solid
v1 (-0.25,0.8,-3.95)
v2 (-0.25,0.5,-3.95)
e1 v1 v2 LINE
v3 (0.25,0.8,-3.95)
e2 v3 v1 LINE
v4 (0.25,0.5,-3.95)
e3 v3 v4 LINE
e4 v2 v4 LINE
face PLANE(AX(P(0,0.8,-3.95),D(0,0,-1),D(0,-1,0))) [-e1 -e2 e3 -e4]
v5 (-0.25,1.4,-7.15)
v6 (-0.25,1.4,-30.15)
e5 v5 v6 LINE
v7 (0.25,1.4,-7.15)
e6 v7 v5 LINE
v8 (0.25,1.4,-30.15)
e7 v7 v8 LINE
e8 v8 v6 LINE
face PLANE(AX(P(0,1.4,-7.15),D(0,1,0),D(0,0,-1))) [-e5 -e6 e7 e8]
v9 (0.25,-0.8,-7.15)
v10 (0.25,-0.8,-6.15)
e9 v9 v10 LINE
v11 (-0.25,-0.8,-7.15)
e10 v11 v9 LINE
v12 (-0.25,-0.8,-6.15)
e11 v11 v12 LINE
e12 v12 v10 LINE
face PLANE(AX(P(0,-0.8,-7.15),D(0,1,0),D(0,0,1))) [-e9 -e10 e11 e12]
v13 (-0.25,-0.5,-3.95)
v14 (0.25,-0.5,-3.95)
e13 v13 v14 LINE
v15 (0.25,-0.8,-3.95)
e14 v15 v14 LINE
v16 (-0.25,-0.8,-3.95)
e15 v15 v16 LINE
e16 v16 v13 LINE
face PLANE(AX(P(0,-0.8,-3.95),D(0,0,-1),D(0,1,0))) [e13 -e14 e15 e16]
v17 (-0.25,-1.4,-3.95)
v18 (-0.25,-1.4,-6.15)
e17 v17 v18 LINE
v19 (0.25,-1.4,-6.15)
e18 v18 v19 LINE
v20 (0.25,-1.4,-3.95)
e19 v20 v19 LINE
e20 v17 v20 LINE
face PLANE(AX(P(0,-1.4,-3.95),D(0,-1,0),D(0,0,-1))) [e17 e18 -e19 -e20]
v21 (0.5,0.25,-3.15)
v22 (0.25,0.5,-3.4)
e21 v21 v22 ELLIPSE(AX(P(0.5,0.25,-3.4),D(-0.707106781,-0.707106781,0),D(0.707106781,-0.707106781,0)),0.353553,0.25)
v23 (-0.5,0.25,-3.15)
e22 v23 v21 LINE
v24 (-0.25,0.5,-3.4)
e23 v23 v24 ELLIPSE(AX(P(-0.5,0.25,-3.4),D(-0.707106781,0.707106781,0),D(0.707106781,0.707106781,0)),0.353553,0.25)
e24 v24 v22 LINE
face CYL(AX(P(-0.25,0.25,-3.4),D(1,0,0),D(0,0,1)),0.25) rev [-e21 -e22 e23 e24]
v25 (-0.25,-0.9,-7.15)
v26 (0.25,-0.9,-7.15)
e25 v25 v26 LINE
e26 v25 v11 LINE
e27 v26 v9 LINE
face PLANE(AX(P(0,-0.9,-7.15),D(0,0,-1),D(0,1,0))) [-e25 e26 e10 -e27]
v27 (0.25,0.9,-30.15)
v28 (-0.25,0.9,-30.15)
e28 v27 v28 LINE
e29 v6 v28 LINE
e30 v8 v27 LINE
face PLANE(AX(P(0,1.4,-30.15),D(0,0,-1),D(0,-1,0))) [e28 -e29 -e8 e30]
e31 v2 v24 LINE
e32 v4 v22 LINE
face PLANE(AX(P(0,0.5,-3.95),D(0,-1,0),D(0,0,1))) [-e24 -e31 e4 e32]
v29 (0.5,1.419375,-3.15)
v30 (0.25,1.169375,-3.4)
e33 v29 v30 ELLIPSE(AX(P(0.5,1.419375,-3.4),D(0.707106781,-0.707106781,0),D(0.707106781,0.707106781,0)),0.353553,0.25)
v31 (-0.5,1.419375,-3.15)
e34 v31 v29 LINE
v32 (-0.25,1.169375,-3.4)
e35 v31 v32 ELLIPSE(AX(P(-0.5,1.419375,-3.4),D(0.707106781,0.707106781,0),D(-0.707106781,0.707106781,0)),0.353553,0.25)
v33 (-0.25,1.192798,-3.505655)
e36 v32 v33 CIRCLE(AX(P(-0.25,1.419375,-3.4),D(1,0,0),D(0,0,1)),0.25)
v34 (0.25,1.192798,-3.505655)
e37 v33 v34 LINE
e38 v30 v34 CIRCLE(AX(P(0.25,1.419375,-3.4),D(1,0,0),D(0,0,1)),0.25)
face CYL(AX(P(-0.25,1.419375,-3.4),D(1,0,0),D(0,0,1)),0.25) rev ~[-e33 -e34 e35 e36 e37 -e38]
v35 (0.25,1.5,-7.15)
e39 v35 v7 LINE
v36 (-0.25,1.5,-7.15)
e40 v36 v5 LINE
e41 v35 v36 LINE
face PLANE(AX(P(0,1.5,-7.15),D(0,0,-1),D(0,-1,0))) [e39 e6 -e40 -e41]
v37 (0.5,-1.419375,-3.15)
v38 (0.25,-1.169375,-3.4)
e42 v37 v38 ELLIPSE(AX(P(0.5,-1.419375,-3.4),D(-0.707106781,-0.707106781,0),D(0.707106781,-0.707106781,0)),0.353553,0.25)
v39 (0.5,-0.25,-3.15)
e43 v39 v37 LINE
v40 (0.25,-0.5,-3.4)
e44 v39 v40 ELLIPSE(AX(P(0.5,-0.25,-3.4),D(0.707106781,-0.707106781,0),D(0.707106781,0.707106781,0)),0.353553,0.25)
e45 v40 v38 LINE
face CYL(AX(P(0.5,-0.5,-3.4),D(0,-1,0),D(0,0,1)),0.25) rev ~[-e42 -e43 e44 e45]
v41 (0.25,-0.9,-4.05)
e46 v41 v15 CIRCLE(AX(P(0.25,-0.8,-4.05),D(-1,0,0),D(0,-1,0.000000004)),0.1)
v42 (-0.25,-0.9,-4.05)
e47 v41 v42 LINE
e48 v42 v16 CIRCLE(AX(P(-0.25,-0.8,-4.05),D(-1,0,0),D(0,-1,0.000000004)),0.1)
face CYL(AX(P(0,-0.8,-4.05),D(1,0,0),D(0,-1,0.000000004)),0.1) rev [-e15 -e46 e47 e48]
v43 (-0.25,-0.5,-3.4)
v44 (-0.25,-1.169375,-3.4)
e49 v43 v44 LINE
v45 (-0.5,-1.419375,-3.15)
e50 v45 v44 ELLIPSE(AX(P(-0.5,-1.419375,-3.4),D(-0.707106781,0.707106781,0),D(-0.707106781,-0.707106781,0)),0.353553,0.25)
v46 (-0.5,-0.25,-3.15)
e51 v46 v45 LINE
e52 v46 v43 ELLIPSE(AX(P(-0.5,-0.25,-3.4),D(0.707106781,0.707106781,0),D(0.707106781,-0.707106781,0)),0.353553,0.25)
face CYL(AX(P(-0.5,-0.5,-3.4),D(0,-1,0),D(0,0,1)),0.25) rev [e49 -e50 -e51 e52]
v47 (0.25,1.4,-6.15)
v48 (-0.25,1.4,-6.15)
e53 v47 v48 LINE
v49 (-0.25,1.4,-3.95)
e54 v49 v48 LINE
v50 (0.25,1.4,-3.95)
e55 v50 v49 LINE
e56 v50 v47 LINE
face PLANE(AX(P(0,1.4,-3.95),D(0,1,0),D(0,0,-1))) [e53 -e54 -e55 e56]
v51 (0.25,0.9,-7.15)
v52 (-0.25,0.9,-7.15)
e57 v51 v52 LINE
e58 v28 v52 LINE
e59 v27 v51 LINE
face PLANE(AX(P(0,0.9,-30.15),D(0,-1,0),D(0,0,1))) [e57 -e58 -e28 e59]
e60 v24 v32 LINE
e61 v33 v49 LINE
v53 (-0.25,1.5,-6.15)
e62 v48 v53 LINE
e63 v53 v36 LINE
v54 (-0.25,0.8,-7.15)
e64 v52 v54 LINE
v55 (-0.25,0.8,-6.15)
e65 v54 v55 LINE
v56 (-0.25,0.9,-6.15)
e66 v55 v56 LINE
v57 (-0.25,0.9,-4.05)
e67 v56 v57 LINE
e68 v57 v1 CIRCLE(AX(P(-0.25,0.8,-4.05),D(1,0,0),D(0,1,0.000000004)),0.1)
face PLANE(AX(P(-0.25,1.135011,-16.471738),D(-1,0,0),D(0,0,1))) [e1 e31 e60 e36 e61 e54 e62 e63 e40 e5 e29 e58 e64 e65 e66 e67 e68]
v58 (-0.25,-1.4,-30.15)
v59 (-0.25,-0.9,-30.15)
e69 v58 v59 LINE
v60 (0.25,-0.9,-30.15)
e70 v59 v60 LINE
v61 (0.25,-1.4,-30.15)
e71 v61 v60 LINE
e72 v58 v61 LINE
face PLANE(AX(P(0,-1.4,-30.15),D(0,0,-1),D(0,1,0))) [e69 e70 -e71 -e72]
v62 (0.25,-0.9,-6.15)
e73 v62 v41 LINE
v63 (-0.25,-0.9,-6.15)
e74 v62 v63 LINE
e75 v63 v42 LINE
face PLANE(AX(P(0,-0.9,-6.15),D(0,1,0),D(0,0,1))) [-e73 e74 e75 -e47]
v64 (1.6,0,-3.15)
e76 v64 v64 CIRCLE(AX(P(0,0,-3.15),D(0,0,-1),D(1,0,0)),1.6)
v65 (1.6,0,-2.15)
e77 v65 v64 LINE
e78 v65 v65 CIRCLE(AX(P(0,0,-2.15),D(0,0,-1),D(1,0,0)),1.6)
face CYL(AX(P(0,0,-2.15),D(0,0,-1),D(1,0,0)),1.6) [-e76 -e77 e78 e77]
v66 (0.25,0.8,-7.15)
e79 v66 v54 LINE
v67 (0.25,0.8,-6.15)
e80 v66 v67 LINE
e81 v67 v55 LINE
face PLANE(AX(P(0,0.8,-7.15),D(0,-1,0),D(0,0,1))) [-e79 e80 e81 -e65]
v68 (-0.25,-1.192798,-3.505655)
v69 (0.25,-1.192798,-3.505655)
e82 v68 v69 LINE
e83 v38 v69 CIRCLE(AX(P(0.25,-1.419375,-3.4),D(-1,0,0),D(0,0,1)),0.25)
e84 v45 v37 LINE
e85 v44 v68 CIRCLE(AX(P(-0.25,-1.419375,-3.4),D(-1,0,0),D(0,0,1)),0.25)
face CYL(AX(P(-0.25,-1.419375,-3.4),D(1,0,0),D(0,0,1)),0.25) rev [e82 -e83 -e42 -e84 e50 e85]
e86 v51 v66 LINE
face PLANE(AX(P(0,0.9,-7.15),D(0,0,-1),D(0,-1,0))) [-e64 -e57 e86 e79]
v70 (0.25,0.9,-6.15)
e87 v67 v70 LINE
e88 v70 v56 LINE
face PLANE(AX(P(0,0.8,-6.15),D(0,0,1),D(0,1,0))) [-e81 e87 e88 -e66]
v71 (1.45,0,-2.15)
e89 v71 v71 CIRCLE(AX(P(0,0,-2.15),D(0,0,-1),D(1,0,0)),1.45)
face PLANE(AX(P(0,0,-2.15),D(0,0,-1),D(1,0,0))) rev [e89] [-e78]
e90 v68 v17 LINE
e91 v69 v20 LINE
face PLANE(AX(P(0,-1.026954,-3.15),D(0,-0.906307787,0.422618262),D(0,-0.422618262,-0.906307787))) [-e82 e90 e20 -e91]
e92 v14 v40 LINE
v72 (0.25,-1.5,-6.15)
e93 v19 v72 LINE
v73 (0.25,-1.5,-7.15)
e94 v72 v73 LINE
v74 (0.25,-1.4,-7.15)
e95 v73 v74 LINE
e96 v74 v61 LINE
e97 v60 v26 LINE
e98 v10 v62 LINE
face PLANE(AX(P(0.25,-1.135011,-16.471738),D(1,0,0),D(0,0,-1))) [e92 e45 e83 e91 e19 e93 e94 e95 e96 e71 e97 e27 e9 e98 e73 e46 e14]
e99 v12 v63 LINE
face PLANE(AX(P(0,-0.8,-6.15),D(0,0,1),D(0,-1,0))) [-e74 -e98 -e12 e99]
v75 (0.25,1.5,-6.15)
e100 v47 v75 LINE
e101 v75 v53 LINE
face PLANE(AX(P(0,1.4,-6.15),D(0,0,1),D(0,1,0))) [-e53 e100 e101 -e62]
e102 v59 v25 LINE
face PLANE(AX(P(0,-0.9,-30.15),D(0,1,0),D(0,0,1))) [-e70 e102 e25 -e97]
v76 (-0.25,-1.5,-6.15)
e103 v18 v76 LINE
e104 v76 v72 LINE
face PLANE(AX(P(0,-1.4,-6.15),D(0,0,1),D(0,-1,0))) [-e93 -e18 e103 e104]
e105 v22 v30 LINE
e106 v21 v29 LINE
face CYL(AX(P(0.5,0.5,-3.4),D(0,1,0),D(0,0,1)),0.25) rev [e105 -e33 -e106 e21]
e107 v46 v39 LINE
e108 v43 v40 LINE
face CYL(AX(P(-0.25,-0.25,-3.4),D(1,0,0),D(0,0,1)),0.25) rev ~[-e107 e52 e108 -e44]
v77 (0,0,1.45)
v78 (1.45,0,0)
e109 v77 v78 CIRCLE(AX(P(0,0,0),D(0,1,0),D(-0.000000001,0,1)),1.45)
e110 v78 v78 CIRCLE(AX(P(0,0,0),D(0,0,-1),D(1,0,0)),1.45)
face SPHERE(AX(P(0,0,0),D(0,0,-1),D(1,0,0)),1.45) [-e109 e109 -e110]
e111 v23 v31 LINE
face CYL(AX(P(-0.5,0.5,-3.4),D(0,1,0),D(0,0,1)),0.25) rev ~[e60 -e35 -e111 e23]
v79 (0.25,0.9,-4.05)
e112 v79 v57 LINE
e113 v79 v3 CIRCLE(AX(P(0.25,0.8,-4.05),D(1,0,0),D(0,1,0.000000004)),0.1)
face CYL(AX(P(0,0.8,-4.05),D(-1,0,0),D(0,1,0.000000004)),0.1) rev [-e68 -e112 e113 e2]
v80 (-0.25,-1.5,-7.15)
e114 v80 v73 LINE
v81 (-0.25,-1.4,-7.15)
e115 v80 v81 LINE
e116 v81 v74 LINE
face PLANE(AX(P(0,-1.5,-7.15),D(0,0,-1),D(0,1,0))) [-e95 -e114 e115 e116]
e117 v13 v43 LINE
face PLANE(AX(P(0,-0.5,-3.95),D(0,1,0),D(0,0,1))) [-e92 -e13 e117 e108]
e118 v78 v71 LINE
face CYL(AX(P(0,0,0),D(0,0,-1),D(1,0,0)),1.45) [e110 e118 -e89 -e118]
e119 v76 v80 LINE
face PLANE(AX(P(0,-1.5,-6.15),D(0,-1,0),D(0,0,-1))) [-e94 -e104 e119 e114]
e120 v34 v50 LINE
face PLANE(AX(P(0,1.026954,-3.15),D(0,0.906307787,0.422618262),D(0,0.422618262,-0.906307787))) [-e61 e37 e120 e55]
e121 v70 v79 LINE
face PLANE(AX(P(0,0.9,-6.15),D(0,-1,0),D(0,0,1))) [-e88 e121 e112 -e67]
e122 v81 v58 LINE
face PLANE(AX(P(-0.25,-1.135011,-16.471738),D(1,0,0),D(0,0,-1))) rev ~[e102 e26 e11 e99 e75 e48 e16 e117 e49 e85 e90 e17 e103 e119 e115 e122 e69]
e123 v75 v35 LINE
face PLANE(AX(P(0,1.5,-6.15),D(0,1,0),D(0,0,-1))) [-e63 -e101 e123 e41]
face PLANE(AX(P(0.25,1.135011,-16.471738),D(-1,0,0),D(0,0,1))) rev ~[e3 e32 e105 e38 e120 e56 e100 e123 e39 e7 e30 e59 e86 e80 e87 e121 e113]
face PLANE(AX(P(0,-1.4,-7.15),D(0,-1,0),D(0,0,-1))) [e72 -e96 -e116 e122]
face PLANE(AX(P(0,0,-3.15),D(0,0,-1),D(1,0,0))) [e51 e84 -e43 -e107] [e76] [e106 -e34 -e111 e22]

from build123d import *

# Parameters (mm, degrees)
EXTRUDE1_DEPTH = 0.25
FILLET1_R      = 0.25


with BuildPart() as part:
    # Sketch1 → Revolve1 (revolve)
    with BuildSketch(Plane(origin=(0, 0, 0), x_dir=(0, 0, -1), z_dir=(1, 0, 0)), mode=Mode.PRIVATE) as revolve1_sk:
        with BuildLine():
            Line((0, 1.45), (2.15, 1.45))
            Line((2.15, 1.45), (2.15, 1.599999975))
            Line((2.15, 1.599999975), (3.15, 1.599999975))
            Line((3.15, 1.599999975), (3.15, 0))
            Line((3.15, 0), (-1.45, 0))
            ThreePointArc((-1.45, 0), (-1.025304833, 1.025304833), (0, 1.45))
        make_face()
    revolve(revolve1_sk.sketch.rotate(Axis((0, 0, 0), (0, 0, -1)), 90), axis=Axis((0, 0, 0), (0, 0, -1)))

    # Sketch2 → Extrude1 (add, symmetric)
    with BuildSketch(Plane(origin=(0, 0, 0), x_dir=(0, 0, -1), z_dir=(1, 0, 0))):
        with BuildLine():
            Line((3.15, 1.026953873), (3.95, 1.4))
            Line((3.95, 1.4), (6.15, 1.4))
            Line((6.15, 1.4), (6.15, 1.5))
            Line((6.15, 1.5), (7.15, 1.5))
            Line((7.15, 1.5), (7.15, 1.4))
            Line((7.15, 1.4), (30.15, 1.4))
            Line((30.15, 1.4), (30.15, 0.9))
            Line((30.15, 0.9), (7.15, 0.9))
            Line((7.15, 0.9), (7.15, 0.8))
            Line((7.15, 0.8), (6.15, 0.8))
            Line((6.15, 0.8), (6.15, 0.9))
            Line((6.15, 0.9), (4.05, 0.9))
            ThreePointArc((4.05, 0.9), (3.979289322, 0.870710678), (3.95, 0.8))
            Line((3.95, 0.8), (3.95, 0.5))
            Line((3.95, 0.5), (3.15, 0.5))
            Line((3.15, 0.5), (3.15, 1.026953873))
        make_face()
        with BuildLine():
            Line((3.95, -0.8), (3.95, -0.5))
            Line((3.95, -0.5), (3.15, -0.5))
            Line((3.15, -0.5), (3.15, -1.026953873))
            Line((3.15, -1.026953873), (3.95, -1.4))
            Line((3.95, -1.4), (6.15, -1.4))
            Line((6.15, -1.4), (6.15, -1.5))
            Line((6.15, -1.5), (7.15, -1.5))
            Line((7.15, -1.5), (7.15, -1.4))
            Line((7.15, -1.4), (30.15, -1.4))
            Line((30.15, -1.4), (30.15, -0.9))
            Line((30.15, -0.9), (7.15, -0.9))
            Line((7.15, -0.9), (7.15, -0.8))
            Line((7.15, -0.8), (6.15, -0.8))
            Line((6.15, -0.8), (6.15, -0.9))
            Line((6.15, -0.9), (4.05, -0.9))
            ThreePointArc((4.05, -0.9), (3.979289322, -0.870710678), (3.95, -0.8))
        make_face()
    extrude(amount=EXTRUDE1_DEPTH, both=True)

    # Fillet1
    fillet1_edges = [part.edges().sort_by_distance(p)[0] for p in [
        (-0.25, 0.763476937, -3.15),
        (0, 1.026953873, -3.15),
        (0, 0.5, -3.15),
        (0.25, 0.763476937, -3.15),
        (-0.25, -0.763476937, -3.15),
        (0, -0.5, -3.15),
        (0, -1.026953873, -3.15),
        (0.25, -0.763476937, -3.15),
    ]]
    fillet(fillet1_edges, radius=FILLET1_R)


solid = part.part
